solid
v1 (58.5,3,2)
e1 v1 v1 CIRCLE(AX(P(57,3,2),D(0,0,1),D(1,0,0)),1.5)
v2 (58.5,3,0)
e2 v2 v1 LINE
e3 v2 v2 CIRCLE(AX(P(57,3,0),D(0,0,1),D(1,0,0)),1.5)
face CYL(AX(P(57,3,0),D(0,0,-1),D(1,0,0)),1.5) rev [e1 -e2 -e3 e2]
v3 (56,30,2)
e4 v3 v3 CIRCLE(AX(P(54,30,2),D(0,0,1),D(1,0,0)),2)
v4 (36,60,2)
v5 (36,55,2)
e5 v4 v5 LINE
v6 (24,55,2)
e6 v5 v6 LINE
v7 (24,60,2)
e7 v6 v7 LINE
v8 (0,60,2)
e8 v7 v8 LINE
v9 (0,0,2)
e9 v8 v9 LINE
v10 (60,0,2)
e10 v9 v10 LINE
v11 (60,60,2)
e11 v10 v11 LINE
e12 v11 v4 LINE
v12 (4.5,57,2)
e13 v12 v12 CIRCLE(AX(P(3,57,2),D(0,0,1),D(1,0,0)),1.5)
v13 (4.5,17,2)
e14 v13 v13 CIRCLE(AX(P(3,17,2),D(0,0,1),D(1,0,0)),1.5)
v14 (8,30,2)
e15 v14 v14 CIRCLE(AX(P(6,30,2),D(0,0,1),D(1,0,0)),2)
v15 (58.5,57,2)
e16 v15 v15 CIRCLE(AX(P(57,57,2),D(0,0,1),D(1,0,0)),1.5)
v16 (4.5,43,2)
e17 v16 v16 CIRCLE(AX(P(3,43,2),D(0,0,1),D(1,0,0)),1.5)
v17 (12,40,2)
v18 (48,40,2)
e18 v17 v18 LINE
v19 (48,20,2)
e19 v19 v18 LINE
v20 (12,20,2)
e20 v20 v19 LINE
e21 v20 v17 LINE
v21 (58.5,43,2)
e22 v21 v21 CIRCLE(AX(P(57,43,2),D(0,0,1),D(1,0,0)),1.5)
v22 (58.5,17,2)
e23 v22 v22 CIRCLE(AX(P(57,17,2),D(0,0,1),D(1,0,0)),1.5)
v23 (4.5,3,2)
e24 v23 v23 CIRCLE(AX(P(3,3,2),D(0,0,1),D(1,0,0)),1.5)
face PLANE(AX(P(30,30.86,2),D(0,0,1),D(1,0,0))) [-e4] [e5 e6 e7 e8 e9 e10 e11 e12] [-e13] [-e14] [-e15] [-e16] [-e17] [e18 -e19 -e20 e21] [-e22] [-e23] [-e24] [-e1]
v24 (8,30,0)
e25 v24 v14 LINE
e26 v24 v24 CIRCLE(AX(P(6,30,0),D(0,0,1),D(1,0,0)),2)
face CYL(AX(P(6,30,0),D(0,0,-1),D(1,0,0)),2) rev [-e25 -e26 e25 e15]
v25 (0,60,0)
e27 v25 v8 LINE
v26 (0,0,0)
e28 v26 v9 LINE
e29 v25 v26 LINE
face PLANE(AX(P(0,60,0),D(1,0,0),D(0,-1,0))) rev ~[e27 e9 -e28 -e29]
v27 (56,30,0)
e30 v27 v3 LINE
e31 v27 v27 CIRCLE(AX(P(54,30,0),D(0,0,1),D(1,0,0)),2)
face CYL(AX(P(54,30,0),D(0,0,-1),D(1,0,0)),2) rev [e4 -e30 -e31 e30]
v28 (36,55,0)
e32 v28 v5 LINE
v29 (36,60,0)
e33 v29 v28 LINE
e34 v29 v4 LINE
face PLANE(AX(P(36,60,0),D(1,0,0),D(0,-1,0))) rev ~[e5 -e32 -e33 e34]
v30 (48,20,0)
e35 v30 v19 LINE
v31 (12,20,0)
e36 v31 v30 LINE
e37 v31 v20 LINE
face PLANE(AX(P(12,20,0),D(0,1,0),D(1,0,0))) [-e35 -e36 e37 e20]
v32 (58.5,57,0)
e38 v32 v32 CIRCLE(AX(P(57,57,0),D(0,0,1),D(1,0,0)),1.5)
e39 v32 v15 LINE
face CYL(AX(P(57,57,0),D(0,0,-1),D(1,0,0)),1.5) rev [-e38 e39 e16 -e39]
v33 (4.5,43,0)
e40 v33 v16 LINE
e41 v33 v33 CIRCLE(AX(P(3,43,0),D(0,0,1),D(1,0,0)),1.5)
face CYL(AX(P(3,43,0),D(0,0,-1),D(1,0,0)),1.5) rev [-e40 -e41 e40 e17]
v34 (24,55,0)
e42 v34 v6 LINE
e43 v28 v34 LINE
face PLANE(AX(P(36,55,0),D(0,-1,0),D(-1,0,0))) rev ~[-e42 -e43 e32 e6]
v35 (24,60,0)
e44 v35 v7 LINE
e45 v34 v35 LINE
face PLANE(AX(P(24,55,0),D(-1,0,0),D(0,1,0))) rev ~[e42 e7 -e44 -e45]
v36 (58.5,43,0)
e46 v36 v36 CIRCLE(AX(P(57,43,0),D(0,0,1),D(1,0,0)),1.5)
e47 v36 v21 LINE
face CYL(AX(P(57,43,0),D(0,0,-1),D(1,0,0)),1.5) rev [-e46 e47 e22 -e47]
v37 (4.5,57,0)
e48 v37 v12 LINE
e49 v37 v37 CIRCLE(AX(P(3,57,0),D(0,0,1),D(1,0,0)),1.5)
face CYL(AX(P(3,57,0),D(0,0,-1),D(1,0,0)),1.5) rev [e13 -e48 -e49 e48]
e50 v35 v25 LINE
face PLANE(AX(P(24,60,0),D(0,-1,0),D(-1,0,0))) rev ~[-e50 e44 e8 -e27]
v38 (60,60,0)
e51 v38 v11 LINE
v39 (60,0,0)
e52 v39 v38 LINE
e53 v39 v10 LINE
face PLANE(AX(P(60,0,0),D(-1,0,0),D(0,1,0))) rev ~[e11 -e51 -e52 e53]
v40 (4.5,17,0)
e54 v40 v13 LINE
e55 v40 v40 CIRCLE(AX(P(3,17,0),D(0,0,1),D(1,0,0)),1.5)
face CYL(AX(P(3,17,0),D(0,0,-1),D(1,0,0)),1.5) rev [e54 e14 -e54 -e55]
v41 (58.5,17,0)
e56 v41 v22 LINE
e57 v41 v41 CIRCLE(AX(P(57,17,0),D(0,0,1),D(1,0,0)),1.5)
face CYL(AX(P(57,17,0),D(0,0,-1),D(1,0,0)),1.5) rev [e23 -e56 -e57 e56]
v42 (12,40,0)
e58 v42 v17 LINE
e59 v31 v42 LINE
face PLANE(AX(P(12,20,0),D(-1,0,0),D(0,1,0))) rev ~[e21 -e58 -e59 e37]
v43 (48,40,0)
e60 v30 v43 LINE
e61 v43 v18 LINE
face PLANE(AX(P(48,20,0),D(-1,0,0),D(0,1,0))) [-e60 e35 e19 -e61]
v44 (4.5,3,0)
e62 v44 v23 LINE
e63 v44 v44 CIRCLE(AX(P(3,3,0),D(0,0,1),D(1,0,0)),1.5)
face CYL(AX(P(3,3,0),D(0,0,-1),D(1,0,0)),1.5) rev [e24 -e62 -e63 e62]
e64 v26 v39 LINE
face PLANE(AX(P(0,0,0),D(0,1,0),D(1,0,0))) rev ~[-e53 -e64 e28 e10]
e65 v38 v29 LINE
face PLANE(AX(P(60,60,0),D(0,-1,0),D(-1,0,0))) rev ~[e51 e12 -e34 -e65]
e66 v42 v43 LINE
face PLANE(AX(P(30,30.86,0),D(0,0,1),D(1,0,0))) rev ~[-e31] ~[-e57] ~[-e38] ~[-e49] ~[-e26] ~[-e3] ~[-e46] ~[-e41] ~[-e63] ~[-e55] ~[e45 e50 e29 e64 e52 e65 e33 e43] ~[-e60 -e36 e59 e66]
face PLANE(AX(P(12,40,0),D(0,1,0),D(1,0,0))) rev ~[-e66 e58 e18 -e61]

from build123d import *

# Parameters (mm, degrees)
SKETCH1_R           = 1.5
SKETCH1_R_2         = 2
SKETCH1_W           = 36
SKETCH1_H           = 20
BOSS_EXTRUDE1_DEPTH = 2


with BuildPart() as part:
    # Sketch1 → Boss-Extrude1 (new body)
    with BuildSketch(Plane.XY):
        Polygon((36, 0), (60, 0), (60, 60), (36, 60), (36, 55), (24, 55), (24, 60), (0, 60), (0, 0), (24, 0), align=None)
        with Locations((3, 57)):
            Circle(SKETCH1_R, mode=Mode.SUBTRACT)
        with Locations((3, 43)):
            Circle(SKETCH1_R, mode=Mode.SUBTRACT)
        with Locations((57, 57)):
            Circle(SKETCH1_R, mode=Mode.SUBTRACT)
        with Locations((57, 43)):
            Circle(SKETCH1_R, mode=Mode.SUBTRACT)
        with Locations((57, 17)):
            Circle(SKETCH1_R, mode=Mode.SUBTRACT)
        with Locations((57, 3)):
            Circle(SKETCH1_R, mode=Mode.SUBTRACT)
        with Locations((3, 17)):
            Circle(SKETCH1_R, mode=Mode.SUBTRACT)
        with Locations((3, 3)):
            Circle(SKETCH1_R, mode=Mode.SUBTRACT)
        with Locations((6, 30)):
            Circle(SKETCH1_R_2, mode=Mode.SUBTRACT)
        with Locations((54, 30)):
            Circle(SKETCH1_R_2, mode=Mode.SUBTRACT)
        with Locations((30, 30)):
            Rectangle(SKETCH1_W, SKETCH1_H, mode=Mode.SUBTRACT)
    extrude(amount=BOSS_EXTRUDE1_DEPTH)


solid = part.part
